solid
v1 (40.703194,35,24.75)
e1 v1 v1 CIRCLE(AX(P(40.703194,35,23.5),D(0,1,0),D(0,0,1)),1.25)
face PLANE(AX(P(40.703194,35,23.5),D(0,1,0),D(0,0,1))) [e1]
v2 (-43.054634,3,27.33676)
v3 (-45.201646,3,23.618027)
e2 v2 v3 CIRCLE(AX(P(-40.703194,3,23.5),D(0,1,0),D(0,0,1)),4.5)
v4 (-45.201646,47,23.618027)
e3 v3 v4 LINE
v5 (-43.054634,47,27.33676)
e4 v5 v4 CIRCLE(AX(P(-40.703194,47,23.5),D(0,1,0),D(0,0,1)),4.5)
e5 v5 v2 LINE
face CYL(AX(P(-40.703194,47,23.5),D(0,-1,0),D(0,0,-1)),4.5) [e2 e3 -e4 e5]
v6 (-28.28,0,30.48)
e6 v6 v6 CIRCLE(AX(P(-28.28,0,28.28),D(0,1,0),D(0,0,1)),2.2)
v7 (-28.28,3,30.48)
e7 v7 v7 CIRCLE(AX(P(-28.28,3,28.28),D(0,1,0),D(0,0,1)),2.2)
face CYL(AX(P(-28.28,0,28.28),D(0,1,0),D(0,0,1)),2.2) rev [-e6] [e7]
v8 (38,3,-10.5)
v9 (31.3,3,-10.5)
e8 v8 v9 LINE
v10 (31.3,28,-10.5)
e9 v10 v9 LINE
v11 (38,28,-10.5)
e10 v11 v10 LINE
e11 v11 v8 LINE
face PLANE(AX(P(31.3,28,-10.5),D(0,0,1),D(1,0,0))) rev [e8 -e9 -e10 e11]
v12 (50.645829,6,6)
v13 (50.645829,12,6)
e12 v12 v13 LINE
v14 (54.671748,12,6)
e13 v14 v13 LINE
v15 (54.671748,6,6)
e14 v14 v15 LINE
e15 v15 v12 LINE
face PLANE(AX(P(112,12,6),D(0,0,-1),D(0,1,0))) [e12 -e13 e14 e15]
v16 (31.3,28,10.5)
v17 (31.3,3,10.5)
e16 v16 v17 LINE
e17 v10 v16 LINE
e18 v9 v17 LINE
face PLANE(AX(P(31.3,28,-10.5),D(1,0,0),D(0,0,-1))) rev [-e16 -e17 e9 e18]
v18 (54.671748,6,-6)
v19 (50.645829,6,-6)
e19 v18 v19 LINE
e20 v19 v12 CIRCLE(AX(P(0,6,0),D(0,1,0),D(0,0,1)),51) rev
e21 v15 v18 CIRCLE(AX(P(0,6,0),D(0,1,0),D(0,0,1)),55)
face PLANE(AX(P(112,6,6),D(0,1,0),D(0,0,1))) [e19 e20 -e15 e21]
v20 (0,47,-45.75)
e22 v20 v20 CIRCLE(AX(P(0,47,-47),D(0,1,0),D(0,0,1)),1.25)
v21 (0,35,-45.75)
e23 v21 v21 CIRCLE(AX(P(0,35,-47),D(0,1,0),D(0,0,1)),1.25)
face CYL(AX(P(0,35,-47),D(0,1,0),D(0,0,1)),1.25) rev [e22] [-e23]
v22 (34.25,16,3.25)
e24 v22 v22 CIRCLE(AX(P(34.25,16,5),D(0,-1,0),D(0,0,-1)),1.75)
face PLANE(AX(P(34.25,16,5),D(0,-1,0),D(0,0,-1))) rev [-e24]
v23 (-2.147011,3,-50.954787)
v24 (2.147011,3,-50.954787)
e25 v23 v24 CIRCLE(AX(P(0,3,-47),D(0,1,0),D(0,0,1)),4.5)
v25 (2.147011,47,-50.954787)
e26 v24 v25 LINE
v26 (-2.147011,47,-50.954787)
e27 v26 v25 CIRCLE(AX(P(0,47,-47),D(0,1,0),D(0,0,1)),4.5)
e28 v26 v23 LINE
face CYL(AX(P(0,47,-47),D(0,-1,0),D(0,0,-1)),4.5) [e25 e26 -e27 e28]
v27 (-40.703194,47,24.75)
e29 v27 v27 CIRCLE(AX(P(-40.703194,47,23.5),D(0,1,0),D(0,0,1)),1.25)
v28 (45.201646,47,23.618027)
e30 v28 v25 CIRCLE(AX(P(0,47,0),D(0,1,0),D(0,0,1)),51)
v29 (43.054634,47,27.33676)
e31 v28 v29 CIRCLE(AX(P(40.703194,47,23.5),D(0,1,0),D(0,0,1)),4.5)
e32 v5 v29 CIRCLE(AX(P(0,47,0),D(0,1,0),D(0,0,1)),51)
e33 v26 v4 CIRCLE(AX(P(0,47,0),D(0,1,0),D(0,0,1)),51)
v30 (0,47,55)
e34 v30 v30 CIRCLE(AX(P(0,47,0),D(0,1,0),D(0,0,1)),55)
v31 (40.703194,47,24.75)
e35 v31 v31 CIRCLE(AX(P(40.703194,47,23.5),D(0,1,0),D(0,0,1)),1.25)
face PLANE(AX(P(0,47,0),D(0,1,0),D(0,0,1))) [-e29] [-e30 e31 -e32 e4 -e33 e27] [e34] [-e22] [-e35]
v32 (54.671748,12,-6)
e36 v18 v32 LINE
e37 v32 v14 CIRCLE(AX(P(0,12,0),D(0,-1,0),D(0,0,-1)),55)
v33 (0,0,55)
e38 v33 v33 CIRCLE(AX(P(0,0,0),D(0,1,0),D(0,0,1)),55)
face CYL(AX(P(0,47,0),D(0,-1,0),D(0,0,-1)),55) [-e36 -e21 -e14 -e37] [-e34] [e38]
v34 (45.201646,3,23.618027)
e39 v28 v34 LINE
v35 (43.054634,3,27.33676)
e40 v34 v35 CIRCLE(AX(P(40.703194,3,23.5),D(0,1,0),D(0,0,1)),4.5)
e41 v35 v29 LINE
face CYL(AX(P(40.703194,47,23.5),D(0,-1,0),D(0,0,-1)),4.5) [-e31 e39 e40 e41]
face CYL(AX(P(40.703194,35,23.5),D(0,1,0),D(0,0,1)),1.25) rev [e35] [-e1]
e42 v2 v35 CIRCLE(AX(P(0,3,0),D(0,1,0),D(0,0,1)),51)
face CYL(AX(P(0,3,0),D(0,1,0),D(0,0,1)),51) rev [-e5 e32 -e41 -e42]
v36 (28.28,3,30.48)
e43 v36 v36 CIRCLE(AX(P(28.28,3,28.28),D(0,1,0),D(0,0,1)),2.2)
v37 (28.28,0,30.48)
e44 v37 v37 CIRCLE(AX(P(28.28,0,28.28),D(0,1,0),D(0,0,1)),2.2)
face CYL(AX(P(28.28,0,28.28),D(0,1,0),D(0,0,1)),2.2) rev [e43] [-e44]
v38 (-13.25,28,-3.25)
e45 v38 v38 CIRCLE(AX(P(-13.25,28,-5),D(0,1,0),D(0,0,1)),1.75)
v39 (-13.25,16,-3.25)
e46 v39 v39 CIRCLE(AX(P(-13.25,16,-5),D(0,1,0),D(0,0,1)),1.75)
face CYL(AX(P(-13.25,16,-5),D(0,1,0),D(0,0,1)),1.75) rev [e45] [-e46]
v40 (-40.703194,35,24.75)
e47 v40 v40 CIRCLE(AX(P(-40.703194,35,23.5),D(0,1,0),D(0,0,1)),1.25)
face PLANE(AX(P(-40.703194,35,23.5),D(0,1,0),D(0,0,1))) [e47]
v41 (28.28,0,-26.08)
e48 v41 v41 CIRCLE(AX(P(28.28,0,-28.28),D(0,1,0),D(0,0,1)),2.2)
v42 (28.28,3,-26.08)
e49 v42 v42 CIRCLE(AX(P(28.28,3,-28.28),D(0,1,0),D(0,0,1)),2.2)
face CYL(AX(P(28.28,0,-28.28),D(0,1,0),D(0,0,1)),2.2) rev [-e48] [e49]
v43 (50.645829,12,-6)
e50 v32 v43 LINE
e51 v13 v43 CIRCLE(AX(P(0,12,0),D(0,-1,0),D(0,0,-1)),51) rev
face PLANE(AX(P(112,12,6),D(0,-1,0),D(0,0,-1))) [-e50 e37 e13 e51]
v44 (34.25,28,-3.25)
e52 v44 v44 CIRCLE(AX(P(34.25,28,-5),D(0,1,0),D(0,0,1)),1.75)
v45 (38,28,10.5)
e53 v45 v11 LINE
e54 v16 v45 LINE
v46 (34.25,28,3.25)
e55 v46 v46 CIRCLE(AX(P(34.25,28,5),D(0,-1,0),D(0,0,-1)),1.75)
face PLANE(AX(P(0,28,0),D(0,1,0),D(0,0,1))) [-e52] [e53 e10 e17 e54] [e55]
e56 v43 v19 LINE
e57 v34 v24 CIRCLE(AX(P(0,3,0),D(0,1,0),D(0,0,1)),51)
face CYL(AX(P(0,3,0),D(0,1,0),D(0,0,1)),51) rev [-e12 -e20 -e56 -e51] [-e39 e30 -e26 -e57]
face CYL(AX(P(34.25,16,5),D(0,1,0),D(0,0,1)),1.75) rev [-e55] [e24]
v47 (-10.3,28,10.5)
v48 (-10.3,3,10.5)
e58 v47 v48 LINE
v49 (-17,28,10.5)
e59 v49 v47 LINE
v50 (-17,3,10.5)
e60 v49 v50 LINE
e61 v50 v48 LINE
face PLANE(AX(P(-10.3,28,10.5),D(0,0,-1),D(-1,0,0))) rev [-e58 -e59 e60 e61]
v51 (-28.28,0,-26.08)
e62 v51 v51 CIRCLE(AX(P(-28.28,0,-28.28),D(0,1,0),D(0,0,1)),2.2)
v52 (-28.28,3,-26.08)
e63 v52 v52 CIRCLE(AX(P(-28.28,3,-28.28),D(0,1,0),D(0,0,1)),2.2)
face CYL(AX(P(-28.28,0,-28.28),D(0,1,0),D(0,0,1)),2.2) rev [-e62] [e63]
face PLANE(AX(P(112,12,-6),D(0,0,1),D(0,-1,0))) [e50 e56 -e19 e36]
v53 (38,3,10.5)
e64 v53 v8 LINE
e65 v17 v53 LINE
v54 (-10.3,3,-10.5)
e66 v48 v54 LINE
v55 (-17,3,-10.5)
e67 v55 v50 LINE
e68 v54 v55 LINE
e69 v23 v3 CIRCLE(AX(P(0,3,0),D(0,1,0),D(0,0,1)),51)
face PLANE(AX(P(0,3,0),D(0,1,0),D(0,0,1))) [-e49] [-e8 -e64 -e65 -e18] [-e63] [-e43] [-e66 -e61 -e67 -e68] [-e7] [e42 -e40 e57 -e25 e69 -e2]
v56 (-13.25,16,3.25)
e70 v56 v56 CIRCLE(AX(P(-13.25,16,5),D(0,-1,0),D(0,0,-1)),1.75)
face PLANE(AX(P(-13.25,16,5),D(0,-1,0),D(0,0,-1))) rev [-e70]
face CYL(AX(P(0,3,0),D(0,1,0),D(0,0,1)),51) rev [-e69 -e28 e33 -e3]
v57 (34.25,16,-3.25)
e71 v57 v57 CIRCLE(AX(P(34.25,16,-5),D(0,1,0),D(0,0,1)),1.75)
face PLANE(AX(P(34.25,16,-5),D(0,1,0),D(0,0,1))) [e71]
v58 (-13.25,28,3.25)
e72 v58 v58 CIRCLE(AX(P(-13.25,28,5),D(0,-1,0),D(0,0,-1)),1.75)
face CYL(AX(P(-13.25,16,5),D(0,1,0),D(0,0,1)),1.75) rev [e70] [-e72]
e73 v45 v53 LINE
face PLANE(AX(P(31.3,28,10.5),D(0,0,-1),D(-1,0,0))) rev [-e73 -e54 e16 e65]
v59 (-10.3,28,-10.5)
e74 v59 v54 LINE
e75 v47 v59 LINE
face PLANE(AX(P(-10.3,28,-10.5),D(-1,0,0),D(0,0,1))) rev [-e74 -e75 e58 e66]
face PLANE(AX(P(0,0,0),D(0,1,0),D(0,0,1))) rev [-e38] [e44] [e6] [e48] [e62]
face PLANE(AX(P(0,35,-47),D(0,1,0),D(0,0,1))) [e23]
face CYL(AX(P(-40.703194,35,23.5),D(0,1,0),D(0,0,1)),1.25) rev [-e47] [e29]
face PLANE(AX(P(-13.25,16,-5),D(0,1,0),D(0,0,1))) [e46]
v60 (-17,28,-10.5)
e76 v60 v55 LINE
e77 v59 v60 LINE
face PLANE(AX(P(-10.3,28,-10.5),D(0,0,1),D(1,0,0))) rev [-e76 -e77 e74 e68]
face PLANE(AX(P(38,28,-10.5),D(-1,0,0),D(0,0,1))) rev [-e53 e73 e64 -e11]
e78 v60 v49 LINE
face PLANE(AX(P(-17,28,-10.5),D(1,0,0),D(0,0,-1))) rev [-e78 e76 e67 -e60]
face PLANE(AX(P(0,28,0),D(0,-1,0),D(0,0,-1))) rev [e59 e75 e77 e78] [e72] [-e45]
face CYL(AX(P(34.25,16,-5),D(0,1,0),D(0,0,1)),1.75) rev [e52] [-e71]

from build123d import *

# Parameters (mm, degrees)
SCHIZZO1_R                   = 55
ESTRUSIONE_ESTRUSIONE1_DEPTH = 47
SCHIZZO2_R                   = 51
TAGLIO_ESTRUSIONE1_DEPTH     = 44
SCHIZZO3_W                   = 6.7
SCHIZZO3_H                   = 21
ESTRUSIONE_ESTRUSIONE2_DEPTH = 25
SCHIZZO9_R                   = 1.75
TAGLIO_ESTRUSIONE2_DEPTH     = 12
TAGLIO_ESTRUSIONE3_START     = 45
SCHIZZO10_W                  = 12
SCHIZZO10_H                  = 6
TAGLIO_ESTRUSIONE3_DEPTH     = 67
SCHIZZO12_R                  = 2.2
TAGLIO_ESTRUSIONE4_DEPTH     = 90.364422451
SCHIZZO13_R                  = 4.5
ESTRUSIONE_ESTRUSIONE4_DEPTH = 44
SCHIZZO14_R                  = 1.25
TAGLIO_ESTRUSIONE6_DEPTH     = 12


with BuildPart() as part:
    # Schizzo1 → Estrusione-Estrusione1 (new body)
    with BuildSketch(Plane(origin=(0, 0, 0), x_dir=(1, 0, 0), z_dir=(0, 1, 0))):
        with Locations(Location((0, 0, 0), (0, 0, 270))):
            Circle(SCHIZZO1_R)
    extrude(amount=ESTRUSIONE_ESTRUSIONE1_DEPTH)

    # Schizzo2 → Taglio-Estrusione1 (cut)
    with BuildSketch(Plane(origin=(0, 47, 0), x_dir=(1, 0, 0), z_dir=(0, 1, 0))):
        with Locations(Location((0, 0, 0), (0, 0, 270))):
            Circle(SCHIZZO2_R)
    extrude(amount=-TAGLIO_ESTRUSIONE1_DEPTH, mode=Mode.SUBTRACT)

    # Schizzo3 → Estrusione-Estrusione2 (add)
    with BuildSketch(Plane(origin=(0, 3, 0), x_dir=(1, 0, 0), z_dir=(0, 1, 0))):
        with Locations((-13.65, 0)):
            Rectangle(SCHIZZO3_W, SCHIZZO3_H)
        with Locations((34.65, 0)):
            Rectangle(SCHIZZO3_W, SCHIZZO3_H)
    extrude(amount=ESTRUSIONE_ESTRUSIONE2_DEPTH)

    # Schizzo9 → Taglio-Estrusione2 (cut)
    with BuildSketch(Plane(origin=(0, 28, 0), x_dir=(1, 0, 0), z_dir=(0, 1, 0))):
        with Locations(Location((-13.25, 5, 0), (0, 0, 270))):
            Circle(SCHIZZO9_R)
        with Locations(Location((-13.25, -5, 0), (0, 0, 90))):
            Circle(SCHIZZO9_R)
        with Locations(Location((34.25, 5, 0), (0, 0, 270))):
            Circle(SCHIZZO9_R)
        with Locations(Location((34.25, -5, 0), (0, 0, 90))):
            Circle(SCHIZZO9_R)
    extrude(amount=-TAGLIO_ESTRUSIONE2_DEPTH, mode=Mode.SUBTRACT)

    # Schizzo10 → Taglio-Estrusione3 (cut)
    with BuildSketch(Plane(origin=(0, 0, 0), x_dir=(0, 0, -1), z_dir=(1, 0, 0)).offset(TAGLIO_ESTRUSIONE3_START)):
        with Locations((0, 9)):
            Rectangle(SCHIZZO10_W, SCHIZZO10_H)
    extrude(amount=TAGLIO_ESTRUSIONE3_DEPTH, mode=Mode.SUBTRACT)

    # Schizzo12 → Taglio-Estrusione4 (cut, through all)
    with BuildSketch(Plane(origin=(0, 3, 0), x_dir=(1, 0, 0), z_dir=(0, 1, 0))):
        with Locations(Location((-28.28, 28.28, 0), (0, 0, 270))):
            Circle(SCHIZZO12_R)
        with Locations(Location((28.28, 28.28, 0), (0, 0, 270))):
            Circle(SCHIZZO12_R)
        with Locations(Location((28.28, -28.28, 0), (0, 0, 270))):
            Circle(SCHIZZO12_R)
        with Locations(Location((-28.28, -28.28, 0), (0, 0, 270))):
            Circle(SCHIZZO12_R)
    extrude(amount=-TAGLIO_ESTRUSIONE4_DEPTH, mode=Mode.SUBTRACT)

    # Schizzo13 → Estrusione-Estrusione4 (add)
    with BuildSketch(Plane(origin=(0, 3, 0), x_dir=(1, 0, 0), z_dir=(0, 1, 0))):
        with Locations((0, 47)):
            Circle(SCHIZZO13_R)
        with Locations((40.703193978, -23.5)):
            Circle(SCHIZZO13_R)
        with Locations((-40.703193978, -23.5)):
            Circle(SCHIZZO13_R)
    extrude(amount=ESTRUSIONE_ESTRUSIONE4_DEPTH)

    # Schizzo14 → Taglio-Estrusione6 (cut)
    with BuildSketch(Plane(origin=(0, 47, 0), x_dir=(1, 0, 0), z_dir=(0, 1, 0))):
        with Locations(Location((0, 47, 0), (0, 0, 270))):
            Circle(SCHIZZO14_R)
        with Locations(Location((40.703193978, -23.5, 0), (0, 0, 270))):
            Circle(SCHIZZO14_R)
        with Locations(Location((-40.703193978, -23.5, 0), (0, 0, 270))):
            Circle(SCHIZZO14_R)
    extrude(amount=-TAGLIO_ESTRUSIONE6_DEPTH, mode=Mode.SUBTRACT)


solid = part.part
